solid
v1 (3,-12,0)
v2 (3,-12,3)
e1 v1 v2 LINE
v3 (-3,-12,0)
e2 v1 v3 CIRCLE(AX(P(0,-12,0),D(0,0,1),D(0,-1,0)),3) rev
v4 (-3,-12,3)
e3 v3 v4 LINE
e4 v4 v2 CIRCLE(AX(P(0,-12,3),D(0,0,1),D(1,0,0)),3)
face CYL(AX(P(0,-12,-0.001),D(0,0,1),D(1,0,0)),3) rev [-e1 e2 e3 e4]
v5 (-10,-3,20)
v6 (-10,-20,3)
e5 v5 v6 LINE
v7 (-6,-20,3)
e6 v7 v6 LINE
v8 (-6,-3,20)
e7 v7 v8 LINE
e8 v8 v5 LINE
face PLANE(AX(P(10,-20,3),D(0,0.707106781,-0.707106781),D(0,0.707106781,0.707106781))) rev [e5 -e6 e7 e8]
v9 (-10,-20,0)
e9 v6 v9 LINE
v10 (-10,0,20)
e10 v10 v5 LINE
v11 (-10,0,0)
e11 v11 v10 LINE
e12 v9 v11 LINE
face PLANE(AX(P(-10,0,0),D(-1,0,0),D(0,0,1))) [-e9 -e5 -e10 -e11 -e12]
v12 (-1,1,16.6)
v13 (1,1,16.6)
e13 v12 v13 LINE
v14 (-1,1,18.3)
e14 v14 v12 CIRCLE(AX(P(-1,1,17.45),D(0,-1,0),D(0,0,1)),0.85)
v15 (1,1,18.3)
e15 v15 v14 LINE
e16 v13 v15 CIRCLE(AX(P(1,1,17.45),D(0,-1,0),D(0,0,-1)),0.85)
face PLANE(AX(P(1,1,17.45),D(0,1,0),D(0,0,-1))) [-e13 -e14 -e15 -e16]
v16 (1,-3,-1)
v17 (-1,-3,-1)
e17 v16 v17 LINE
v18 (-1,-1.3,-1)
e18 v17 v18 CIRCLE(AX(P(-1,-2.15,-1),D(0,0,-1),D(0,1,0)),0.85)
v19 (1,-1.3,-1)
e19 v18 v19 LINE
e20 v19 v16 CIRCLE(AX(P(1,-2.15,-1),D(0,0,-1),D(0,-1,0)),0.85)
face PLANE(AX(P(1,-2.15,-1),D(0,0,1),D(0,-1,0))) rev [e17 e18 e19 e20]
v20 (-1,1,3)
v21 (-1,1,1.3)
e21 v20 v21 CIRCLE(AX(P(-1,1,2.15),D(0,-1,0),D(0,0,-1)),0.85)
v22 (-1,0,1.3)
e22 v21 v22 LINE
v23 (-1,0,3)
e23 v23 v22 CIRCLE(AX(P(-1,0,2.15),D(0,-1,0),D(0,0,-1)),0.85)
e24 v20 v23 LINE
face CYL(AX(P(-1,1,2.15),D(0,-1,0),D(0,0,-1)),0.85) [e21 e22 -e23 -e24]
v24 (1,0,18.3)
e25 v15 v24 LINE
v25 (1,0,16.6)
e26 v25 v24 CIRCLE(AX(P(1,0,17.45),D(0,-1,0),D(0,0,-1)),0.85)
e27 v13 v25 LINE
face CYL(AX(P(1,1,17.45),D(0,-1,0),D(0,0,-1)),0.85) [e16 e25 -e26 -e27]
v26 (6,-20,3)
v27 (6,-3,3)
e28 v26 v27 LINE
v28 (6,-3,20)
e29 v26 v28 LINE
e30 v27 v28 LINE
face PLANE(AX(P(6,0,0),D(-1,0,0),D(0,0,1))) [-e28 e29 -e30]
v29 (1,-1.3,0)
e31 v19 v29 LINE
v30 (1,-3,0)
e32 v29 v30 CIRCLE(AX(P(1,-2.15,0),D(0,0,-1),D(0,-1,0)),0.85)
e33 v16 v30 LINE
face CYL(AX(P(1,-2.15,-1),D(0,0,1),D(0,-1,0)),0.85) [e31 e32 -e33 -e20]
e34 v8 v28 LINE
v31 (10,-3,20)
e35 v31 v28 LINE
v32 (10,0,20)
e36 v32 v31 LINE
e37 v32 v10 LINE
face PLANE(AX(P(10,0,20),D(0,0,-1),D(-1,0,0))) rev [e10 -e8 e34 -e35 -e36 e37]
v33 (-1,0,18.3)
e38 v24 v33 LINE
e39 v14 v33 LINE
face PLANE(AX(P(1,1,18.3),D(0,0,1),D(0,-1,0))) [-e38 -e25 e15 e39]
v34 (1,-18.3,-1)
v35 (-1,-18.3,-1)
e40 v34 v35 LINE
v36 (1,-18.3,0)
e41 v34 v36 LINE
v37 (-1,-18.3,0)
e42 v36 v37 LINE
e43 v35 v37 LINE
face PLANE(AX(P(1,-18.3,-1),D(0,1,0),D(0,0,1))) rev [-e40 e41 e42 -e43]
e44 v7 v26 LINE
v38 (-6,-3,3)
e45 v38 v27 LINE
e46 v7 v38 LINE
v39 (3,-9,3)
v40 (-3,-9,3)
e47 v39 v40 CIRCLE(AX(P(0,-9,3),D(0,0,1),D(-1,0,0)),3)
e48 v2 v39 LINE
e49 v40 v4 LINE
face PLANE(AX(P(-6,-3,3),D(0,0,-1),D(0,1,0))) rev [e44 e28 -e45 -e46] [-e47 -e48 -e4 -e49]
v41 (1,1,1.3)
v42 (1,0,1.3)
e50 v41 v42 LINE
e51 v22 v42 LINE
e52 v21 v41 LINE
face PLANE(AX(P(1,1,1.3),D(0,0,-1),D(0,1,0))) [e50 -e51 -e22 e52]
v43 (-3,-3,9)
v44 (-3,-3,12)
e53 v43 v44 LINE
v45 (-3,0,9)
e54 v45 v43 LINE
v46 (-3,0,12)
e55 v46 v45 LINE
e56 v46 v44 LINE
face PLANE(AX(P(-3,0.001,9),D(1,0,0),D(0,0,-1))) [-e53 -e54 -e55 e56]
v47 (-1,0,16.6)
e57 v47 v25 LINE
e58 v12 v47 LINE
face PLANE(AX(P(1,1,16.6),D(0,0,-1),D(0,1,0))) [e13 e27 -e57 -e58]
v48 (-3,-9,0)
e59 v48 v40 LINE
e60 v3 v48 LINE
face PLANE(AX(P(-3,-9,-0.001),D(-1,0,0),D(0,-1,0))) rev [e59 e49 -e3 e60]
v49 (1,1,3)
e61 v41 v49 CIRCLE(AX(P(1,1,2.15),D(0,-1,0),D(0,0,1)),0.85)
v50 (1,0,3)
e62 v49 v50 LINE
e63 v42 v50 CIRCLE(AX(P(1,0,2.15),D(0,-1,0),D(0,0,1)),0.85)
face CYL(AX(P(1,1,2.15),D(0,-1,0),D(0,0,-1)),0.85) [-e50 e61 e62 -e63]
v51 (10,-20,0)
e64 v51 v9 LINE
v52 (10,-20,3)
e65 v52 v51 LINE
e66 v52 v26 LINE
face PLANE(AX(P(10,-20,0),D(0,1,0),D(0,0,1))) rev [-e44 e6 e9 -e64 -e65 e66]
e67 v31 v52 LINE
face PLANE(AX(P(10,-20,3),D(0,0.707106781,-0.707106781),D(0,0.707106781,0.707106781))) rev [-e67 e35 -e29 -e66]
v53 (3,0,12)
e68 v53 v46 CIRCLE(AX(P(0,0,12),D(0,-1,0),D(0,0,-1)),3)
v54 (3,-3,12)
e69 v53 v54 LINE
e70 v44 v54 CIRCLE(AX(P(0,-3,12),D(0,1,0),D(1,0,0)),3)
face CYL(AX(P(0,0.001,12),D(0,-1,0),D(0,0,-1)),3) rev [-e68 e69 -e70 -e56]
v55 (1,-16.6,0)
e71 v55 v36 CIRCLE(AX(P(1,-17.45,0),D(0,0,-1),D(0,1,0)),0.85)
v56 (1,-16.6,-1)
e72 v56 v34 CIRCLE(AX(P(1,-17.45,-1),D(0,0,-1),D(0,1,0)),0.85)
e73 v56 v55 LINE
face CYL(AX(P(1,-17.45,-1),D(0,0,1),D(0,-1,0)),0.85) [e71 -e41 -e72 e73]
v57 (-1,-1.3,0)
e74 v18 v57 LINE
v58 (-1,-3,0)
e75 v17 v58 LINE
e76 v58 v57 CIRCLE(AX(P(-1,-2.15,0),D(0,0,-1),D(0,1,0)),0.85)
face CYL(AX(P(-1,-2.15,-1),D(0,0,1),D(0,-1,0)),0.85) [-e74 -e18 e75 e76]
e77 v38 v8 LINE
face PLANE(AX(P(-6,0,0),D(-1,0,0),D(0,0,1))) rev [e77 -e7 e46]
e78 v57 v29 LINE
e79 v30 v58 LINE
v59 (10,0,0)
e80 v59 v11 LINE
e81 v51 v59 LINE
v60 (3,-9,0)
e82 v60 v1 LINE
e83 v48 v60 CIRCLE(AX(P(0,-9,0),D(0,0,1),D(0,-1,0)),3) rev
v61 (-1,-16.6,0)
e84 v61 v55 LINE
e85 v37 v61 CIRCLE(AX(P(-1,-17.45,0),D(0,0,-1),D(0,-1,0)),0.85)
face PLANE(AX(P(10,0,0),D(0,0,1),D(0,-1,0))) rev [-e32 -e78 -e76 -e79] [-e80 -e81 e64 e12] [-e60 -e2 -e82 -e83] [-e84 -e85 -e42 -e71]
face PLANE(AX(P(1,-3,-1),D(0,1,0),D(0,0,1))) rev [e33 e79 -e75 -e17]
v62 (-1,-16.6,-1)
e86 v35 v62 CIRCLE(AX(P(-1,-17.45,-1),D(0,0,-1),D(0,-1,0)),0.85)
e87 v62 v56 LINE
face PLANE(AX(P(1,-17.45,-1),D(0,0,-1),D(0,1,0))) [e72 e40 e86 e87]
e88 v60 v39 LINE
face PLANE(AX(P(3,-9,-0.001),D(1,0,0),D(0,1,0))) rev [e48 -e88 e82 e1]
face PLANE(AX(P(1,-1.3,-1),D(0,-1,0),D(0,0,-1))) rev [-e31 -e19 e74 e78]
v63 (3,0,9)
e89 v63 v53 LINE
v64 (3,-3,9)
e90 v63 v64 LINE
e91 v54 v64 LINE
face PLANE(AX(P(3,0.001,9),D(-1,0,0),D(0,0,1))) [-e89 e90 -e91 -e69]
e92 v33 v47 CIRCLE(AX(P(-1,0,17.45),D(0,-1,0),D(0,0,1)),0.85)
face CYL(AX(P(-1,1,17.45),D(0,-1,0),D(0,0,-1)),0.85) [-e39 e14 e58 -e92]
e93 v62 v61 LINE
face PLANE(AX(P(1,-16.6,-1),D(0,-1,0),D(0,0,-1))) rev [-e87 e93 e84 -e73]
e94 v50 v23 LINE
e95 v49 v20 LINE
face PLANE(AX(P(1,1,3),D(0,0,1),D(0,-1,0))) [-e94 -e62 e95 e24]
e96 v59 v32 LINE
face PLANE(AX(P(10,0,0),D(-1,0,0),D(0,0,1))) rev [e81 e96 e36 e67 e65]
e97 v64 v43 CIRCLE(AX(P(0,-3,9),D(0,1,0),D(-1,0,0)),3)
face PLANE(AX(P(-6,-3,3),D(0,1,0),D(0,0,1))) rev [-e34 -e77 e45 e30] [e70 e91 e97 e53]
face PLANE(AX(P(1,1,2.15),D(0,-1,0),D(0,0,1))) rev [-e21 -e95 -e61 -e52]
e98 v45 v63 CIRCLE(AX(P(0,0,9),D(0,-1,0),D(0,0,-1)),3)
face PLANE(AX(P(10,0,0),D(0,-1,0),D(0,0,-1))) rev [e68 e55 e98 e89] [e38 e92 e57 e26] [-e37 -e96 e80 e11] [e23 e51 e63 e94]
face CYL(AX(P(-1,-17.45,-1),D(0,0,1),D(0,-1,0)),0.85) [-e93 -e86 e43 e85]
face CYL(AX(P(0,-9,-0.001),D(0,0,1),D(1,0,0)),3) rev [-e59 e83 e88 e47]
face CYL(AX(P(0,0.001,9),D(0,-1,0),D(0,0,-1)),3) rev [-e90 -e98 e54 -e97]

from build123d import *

# Parameters (mm, degrees)
BOSS_EXTRUDE1_DEPTH = 10
SKETCH2_W           = 17
SKETCH2_H           = 17
CUT_EXTRUDE1_DEPTH  = 6
CUT_EXTRUDE2_DEPTH  = 3
BOSS_EXTRUDE2_DEPTH = 1


with BuildPart() as part:
    # Sketch1 → Boss-Extrude1 (new body, symmetric)
    with BuildSketch(Plane(origin=(0, 0, 0), x_dir=(0, 0, -1), z_dir=(1, 0, 0))):
        Polygon((0, 0), (-20, 0), (-20, -3), (-11.5, -11.5), (-3, -20), (0, -20), align=None)
    extrude(amount=BOSS_EXTRUDE1_DEPTH, both=True)

    # Sketch2 → Cut-Extrude1 (cut, symmetric)
    with BuildSketch(Plane(origin=(0, 0, 0), x_dir=(0, 0, -1), z_dir=(1, 0, 0))):
        with Locations((-11.5, -11.5)):
            Rectangle(SKETCH2_W, SKETCH2_H)
    extrude(amount=CUT_EXTRUDE1_DEPTH, both=True, mode=Mode.SUBTRACT)

    # Sketch3 → Cut-Extrude2 (cut)
    with BuildSketch(Plane.XY.offset(3)):
        with BuildLine():
            Line((-3, -9), (-3, -12))
            ThreePointArc((-3, -12), (0, -15), (3, -12))
            Line((3, -12), (3, -9))
            ThreePointArc((3, -9), (0, -6), (-3, -9))
        make_face()
    cut_extrude2 = extrude(amount=-CUT_EXTRUDE2_DEPTH, mode=Mode.SUBTRACT)

    # Sketch4 → Boss-Extrude2 (add)
    with BuildSketch(Plane(origin=(0, 0, 0), x_dir=(-1, 0, 0), z_dir=(0, 0, -1))):
        with BuildLine():
            Line((-1, -3), (1, -3))
            ThreePointArc((1, -3), (1.85, -2.15), (1, -1.3))
            Line((1, -1.3), (-1, -1.3))
            ThreePointArc((-1, -1.3), (-1.85, -2.15), (-1, -3))
        make_face()
        with BuildLine():
            Line((-1, -18.3), (1, -18.3))
            ThreePointArc((1, -18.3), (1.85, -17.45), (1, -16.6))
            Line((1, -16.6), (-1, -16.6))
            ThreePointArc((-1, -16.6), (-1.85, -17.45), (-1, -18.3))
        make_face()
    boss_extrude2 = extrude(amount=BOSS_EXTRUDE2_DEPTH)

    # Mirror1: Cut-Extrude2, Boss-Extrude2 across plane
    add(cut_extrude2.mirror(Plane(origin=(0, 0, 0), x_dir=(0, -0.707106781, 0.707106781), z_dir=(0, 0.707106781, 0.707106781))), mode=Mode.SUBTRACT)
    add(boss_extrude2.mirror(Plane(origin=(0, 0, 0), x_dir=(0, -0.707106781, 0.707106781), z_dir=(0, 0.707106781, 0.707106781))))


solid = part.part
